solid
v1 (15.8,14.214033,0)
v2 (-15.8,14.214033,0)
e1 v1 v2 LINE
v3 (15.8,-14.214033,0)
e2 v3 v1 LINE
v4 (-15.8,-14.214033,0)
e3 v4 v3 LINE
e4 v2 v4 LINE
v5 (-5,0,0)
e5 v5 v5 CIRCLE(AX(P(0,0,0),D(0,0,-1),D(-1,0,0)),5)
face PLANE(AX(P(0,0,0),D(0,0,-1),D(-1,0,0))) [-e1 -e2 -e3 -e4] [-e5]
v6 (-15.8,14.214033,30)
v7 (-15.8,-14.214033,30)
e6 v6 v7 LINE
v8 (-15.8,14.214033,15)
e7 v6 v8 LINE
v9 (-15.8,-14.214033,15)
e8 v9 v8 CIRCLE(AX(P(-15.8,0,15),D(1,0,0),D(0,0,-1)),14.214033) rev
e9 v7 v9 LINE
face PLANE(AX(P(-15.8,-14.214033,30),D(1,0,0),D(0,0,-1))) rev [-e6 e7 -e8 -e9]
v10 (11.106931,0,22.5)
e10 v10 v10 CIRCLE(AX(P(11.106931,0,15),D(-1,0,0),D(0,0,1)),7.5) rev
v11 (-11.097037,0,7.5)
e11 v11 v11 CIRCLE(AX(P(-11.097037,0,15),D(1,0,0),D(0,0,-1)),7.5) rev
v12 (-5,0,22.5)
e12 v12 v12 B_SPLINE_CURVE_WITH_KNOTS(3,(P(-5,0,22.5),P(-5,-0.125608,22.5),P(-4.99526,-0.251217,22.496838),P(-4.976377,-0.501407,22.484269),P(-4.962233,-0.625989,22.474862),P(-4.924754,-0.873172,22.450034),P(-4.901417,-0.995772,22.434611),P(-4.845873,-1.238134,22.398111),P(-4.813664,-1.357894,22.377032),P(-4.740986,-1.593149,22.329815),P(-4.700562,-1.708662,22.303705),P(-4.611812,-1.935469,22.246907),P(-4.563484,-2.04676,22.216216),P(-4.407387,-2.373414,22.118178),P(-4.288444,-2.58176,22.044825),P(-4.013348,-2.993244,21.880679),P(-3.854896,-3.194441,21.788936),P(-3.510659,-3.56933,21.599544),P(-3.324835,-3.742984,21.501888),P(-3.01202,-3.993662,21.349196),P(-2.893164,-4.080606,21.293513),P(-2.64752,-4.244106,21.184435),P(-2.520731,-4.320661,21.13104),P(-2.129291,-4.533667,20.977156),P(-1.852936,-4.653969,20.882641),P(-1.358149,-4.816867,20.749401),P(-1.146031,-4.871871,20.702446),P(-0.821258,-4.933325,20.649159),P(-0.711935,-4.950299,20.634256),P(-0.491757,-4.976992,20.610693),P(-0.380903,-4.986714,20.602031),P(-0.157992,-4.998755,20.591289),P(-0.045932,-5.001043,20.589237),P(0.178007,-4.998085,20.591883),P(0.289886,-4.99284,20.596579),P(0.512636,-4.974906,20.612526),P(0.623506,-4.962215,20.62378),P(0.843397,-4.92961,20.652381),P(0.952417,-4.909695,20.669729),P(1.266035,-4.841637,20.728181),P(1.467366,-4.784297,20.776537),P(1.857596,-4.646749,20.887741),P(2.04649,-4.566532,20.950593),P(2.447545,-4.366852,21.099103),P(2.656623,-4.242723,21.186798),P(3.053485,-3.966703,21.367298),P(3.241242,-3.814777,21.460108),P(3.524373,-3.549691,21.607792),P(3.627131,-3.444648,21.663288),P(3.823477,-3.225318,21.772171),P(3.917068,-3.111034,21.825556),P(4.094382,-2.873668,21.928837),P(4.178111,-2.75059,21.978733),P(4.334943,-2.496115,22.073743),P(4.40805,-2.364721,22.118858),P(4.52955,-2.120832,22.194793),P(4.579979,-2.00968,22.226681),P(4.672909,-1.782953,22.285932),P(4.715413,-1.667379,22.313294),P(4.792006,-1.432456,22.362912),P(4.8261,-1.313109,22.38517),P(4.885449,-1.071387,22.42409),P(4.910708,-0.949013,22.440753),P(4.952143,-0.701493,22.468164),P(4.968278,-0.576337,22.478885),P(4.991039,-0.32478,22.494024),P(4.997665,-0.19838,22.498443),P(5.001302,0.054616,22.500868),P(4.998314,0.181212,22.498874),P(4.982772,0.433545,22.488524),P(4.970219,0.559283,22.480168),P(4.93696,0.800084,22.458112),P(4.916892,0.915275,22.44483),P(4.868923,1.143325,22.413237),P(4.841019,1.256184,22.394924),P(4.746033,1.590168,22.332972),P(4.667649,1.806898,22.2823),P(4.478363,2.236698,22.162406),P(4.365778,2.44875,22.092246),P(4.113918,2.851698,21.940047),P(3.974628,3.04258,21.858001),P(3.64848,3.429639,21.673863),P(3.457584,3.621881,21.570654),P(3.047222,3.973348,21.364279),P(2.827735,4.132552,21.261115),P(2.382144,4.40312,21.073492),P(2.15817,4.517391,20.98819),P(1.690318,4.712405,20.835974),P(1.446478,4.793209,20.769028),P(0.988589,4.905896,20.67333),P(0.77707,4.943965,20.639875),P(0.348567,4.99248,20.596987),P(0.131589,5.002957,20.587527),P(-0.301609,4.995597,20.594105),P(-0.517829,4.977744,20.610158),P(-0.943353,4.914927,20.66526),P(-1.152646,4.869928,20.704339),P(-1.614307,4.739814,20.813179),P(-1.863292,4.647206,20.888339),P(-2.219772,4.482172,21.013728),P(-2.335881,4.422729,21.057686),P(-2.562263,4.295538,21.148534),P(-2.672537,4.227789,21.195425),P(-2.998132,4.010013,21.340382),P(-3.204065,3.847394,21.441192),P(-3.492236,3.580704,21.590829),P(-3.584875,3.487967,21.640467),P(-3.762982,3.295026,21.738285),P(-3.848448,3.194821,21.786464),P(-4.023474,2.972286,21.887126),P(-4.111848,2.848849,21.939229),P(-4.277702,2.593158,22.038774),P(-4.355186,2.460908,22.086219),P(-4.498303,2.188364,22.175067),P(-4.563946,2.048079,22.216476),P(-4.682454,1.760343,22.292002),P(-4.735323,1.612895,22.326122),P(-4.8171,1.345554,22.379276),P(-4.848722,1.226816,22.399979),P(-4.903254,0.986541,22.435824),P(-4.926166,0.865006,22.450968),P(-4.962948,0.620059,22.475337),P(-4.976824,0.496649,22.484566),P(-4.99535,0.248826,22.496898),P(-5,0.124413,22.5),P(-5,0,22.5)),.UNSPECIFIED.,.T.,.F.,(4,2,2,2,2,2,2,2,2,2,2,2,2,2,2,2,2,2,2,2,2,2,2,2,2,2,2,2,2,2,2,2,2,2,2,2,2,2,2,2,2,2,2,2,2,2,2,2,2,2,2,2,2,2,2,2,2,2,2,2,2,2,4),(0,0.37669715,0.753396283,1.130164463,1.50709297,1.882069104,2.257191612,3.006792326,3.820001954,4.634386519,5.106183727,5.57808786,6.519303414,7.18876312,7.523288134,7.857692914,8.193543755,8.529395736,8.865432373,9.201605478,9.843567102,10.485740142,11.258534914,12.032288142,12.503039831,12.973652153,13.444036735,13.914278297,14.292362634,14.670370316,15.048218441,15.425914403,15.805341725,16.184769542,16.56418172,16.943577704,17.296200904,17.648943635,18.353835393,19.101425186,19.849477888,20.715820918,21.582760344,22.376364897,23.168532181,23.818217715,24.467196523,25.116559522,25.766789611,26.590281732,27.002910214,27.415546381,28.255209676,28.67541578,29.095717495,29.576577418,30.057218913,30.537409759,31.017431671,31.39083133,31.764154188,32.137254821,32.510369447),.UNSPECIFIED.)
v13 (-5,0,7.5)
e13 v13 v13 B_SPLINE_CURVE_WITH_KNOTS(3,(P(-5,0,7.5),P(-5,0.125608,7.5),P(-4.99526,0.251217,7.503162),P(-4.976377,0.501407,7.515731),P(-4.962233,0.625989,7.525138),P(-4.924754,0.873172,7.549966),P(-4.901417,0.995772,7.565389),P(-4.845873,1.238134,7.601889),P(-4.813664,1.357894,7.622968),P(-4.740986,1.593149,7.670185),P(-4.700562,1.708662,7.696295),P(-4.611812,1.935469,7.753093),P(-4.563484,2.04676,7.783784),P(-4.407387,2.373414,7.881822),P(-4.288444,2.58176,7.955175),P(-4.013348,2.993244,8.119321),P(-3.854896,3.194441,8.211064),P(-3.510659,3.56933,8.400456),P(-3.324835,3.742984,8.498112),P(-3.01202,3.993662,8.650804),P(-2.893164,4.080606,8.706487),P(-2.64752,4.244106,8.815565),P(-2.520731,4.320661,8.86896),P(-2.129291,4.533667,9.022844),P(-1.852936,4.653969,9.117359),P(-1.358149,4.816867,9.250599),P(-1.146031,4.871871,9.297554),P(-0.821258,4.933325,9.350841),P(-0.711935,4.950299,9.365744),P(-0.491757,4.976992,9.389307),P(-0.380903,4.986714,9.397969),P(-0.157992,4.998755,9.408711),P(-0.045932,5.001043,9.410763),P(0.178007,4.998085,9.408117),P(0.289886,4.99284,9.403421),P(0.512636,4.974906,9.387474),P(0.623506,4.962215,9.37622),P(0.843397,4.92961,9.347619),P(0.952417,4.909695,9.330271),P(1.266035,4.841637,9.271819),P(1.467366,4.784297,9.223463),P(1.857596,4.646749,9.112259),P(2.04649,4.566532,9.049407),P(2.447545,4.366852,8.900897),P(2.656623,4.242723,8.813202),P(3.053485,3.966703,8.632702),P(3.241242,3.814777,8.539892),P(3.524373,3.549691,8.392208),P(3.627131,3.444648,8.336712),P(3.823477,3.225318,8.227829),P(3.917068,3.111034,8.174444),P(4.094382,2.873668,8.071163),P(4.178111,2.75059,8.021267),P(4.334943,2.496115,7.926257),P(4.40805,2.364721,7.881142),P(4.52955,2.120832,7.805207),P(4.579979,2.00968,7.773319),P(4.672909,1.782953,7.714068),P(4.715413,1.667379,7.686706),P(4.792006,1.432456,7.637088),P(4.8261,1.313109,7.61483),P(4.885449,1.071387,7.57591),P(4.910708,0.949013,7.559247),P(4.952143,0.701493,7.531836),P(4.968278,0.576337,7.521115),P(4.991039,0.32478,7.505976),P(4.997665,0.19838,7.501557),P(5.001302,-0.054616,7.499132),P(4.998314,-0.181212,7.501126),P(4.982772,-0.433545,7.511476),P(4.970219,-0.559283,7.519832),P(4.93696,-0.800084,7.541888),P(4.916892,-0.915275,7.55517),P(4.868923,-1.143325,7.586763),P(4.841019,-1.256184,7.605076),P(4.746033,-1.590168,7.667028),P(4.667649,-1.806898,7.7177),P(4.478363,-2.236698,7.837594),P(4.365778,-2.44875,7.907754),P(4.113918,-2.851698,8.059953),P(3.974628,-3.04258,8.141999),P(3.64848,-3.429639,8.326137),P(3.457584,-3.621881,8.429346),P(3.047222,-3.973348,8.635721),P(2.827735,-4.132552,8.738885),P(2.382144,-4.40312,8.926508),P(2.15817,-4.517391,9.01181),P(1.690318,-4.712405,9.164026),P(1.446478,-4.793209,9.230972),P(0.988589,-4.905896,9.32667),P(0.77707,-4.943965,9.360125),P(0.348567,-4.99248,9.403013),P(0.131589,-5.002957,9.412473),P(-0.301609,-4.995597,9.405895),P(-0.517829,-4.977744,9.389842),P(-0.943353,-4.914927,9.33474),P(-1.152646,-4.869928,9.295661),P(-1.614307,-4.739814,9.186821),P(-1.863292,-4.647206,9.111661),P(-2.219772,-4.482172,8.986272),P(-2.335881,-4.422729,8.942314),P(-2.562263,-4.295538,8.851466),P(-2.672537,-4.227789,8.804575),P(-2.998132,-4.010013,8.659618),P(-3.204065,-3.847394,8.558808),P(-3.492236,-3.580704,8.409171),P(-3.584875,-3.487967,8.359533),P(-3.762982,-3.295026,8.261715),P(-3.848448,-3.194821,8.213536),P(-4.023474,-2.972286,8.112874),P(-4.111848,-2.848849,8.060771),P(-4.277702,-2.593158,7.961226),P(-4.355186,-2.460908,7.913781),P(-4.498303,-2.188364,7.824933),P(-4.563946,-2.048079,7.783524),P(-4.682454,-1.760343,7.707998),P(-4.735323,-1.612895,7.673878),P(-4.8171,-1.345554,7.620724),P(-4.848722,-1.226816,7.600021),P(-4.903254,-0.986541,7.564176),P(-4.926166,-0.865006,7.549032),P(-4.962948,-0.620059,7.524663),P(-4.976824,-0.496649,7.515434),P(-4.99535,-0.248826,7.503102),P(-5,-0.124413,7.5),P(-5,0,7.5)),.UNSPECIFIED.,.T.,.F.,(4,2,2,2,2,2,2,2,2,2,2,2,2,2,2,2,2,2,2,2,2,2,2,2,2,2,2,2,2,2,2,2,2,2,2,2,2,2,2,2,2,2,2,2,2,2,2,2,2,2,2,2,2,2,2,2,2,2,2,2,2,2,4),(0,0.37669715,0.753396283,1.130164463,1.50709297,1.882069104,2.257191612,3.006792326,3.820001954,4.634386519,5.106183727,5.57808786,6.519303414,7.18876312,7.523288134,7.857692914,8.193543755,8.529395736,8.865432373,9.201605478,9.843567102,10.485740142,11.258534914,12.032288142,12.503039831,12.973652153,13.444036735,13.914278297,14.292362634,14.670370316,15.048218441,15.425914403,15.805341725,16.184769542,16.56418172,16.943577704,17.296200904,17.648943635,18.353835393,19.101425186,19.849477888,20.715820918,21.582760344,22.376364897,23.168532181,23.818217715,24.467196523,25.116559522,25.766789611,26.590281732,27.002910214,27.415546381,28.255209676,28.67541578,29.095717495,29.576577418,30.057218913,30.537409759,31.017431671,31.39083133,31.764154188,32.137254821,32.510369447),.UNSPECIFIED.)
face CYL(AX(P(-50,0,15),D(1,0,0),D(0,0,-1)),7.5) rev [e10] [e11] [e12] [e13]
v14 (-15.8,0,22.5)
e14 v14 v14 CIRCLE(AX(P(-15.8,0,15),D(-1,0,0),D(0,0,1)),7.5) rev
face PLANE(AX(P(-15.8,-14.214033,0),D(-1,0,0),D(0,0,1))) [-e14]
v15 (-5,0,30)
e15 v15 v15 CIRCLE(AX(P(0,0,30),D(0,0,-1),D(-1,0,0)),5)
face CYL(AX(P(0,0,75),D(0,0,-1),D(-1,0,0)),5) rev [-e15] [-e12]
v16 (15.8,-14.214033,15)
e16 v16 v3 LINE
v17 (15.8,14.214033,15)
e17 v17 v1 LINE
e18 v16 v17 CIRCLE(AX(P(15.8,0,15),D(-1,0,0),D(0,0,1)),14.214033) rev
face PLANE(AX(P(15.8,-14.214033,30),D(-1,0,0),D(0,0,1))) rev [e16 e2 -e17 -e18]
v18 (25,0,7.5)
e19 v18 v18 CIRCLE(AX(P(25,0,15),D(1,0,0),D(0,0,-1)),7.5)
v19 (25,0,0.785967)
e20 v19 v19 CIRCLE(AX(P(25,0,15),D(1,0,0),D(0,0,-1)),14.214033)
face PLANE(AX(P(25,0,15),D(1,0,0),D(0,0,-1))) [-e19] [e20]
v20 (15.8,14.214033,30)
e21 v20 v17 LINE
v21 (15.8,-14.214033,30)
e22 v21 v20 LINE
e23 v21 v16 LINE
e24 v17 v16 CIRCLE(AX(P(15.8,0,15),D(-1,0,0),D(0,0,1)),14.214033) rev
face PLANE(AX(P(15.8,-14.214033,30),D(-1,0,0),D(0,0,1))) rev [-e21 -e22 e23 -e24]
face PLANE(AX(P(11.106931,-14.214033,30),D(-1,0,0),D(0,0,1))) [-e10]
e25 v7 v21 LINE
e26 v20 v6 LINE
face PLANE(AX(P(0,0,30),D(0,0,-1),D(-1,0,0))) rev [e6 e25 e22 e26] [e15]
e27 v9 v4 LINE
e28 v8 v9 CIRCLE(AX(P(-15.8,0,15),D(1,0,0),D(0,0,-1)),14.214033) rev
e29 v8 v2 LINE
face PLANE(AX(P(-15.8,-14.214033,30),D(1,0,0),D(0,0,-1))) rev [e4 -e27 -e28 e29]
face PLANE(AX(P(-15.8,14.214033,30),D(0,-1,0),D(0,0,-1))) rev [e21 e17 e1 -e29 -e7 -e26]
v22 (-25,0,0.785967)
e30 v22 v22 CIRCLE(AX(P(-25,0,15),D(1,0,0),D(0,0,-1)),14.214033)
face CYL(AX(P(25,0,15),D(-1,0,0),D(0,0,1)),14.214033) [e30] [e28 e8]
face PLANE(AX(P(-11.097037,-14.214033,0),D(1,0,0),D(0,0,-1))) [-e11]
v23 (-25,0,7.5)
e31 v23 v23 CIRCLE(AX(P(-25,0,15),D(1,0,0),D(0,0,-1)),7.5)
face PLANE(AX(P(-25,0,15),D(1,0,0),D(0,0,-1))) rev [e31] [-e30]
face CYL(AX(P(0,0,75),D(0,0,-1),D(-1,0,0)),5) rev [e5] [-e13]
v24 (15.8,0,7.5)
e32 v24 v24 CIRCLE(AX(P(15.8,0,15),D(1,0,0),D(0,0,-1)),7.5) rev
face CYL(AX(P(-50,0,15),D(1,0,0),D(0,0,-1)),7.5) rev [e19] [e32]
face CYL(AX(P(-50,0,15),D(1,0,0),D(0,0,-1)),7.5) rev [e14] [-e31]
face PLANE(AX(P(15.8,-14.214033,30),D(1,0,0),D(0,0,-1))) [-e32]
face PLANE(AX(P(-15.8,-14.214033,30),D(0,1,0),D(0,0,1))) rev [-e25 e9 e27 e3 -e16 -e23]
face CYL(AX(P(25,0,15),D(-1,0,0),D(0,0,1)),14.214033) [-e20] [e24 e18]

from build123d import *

# Parameters (mm, degrees)
SKETCH1_W           = 31.6
SKETCH1_H           = 28.428065026
BOSS_EXTRUDE1_DEPTH = 30
SKETCH2_R           = 14.214032513
BOSS_EXTRUDE2_DEPTH = 25
SKETCH3_R           = 7.5
CUT_EXTRUDE1_DEPTH  = 75
SKETCH4_R           = 5
CUT_EXTRUDE2_DEPTH  = 75
BOSS_EXTRUDE3_REACH = 30.428
SKETCH5_W           = 4.702962509
SKETCH5_H           = 30
SKETCH5_W_2         = 4.693068718


with BuildPart() as part:
    # Sketch1 → Boss-Extrude1 (new body)
    with BuildSketch(Plane.XY):
        Rectangle(SKETCH1_W, SKETCH1_H)
    extrude(amount=BOSS_EXTRUDE1_DEPTH)

    # Sketch2 → Boss-Extrude2 (add, symmetric)
    with BuildSketch(Plane(origin=(0, 0, 0), x_dir=(0, 0, -1), z_dir=(1, 0, 0))):
        with Locations((-15, 0)):
            Circle(SKETCH2_R)
    extrude(amount=BOSS_EXTRUDE2_DEPTH, both=True)

    # Sketch3 → Cut-Extrude1 (cut)
    with BuildSketch(Plane(origin=(25, 0, 0), x_dir=(0, 0, -1), z_dir=(1, 0, 0))):
        with Locations((-15, 0)):
            Circle(SKETCH3_R)
    extrude(amount=-CUT_EXTRUDE1_DEPTH, mode=Mode.SUBTRACT)

    # Sketch4 → Cut-Extrude2 (cut)
    with BuildSketch(Plane(origin=(0, 0, 0), x_dir=(-1, 0, 0), z_dir=(0, 0, -1))):
        Circle(SKETCH4_R)
    extrude(amount=-CUT_EXTRUDE2_DEPTH, mode=Mode.SUBTRACT)

    # Sketch5 → Boss-Extrude3 (add, up to next)
    with BuildSketch(Plane(origin=(0, 14.214032513, 0), x_dir=(1, 0, 0), z_dir=(0, 1, 0)), mode=Mode.PRIVATE) as boss_extrude3_sk1:
        with Locations((-13.448518745, -15)):
            Rectangle(SKETCH5_W, SKETCH5_H)
    boss_extrude3_tool1 = extrude(boss_extrude3_sk1.sketch, amount=-BOSS_EXTRUDE3_REACH, mode=Mode.PRIVATE) - part.part
    add(boss_extrude3_tool1.solids().sort_by_distance((-13.448519, 14.214033, 15))[0])
    # Sketch5 → Boss-Extrude3 (add, up to next)
    with BuildSketch(Plane(origin=(0, 14.214032513, 0), x_dir=(1, 0, 0), z_dir=(0, 1, 0)), mode=Mode.PRIVATE) as boss_extrude3_sk2:
        with Locations((13.453465641, -15)):
            Rectangle(SKETCH5_W_2, SKETCH5_H)
    boss_extrude3_tool2 = extrude(boss_extrude3_sk2.sketch, amount=-BOSS_EXTRUDE3_REACH, mode=Mode.PRIVATE) - part.part
    add(boss_extrude3_tool2.solids().sort_by_distance((13.453466, 14.214033, 15))[0])


solid = part.part
